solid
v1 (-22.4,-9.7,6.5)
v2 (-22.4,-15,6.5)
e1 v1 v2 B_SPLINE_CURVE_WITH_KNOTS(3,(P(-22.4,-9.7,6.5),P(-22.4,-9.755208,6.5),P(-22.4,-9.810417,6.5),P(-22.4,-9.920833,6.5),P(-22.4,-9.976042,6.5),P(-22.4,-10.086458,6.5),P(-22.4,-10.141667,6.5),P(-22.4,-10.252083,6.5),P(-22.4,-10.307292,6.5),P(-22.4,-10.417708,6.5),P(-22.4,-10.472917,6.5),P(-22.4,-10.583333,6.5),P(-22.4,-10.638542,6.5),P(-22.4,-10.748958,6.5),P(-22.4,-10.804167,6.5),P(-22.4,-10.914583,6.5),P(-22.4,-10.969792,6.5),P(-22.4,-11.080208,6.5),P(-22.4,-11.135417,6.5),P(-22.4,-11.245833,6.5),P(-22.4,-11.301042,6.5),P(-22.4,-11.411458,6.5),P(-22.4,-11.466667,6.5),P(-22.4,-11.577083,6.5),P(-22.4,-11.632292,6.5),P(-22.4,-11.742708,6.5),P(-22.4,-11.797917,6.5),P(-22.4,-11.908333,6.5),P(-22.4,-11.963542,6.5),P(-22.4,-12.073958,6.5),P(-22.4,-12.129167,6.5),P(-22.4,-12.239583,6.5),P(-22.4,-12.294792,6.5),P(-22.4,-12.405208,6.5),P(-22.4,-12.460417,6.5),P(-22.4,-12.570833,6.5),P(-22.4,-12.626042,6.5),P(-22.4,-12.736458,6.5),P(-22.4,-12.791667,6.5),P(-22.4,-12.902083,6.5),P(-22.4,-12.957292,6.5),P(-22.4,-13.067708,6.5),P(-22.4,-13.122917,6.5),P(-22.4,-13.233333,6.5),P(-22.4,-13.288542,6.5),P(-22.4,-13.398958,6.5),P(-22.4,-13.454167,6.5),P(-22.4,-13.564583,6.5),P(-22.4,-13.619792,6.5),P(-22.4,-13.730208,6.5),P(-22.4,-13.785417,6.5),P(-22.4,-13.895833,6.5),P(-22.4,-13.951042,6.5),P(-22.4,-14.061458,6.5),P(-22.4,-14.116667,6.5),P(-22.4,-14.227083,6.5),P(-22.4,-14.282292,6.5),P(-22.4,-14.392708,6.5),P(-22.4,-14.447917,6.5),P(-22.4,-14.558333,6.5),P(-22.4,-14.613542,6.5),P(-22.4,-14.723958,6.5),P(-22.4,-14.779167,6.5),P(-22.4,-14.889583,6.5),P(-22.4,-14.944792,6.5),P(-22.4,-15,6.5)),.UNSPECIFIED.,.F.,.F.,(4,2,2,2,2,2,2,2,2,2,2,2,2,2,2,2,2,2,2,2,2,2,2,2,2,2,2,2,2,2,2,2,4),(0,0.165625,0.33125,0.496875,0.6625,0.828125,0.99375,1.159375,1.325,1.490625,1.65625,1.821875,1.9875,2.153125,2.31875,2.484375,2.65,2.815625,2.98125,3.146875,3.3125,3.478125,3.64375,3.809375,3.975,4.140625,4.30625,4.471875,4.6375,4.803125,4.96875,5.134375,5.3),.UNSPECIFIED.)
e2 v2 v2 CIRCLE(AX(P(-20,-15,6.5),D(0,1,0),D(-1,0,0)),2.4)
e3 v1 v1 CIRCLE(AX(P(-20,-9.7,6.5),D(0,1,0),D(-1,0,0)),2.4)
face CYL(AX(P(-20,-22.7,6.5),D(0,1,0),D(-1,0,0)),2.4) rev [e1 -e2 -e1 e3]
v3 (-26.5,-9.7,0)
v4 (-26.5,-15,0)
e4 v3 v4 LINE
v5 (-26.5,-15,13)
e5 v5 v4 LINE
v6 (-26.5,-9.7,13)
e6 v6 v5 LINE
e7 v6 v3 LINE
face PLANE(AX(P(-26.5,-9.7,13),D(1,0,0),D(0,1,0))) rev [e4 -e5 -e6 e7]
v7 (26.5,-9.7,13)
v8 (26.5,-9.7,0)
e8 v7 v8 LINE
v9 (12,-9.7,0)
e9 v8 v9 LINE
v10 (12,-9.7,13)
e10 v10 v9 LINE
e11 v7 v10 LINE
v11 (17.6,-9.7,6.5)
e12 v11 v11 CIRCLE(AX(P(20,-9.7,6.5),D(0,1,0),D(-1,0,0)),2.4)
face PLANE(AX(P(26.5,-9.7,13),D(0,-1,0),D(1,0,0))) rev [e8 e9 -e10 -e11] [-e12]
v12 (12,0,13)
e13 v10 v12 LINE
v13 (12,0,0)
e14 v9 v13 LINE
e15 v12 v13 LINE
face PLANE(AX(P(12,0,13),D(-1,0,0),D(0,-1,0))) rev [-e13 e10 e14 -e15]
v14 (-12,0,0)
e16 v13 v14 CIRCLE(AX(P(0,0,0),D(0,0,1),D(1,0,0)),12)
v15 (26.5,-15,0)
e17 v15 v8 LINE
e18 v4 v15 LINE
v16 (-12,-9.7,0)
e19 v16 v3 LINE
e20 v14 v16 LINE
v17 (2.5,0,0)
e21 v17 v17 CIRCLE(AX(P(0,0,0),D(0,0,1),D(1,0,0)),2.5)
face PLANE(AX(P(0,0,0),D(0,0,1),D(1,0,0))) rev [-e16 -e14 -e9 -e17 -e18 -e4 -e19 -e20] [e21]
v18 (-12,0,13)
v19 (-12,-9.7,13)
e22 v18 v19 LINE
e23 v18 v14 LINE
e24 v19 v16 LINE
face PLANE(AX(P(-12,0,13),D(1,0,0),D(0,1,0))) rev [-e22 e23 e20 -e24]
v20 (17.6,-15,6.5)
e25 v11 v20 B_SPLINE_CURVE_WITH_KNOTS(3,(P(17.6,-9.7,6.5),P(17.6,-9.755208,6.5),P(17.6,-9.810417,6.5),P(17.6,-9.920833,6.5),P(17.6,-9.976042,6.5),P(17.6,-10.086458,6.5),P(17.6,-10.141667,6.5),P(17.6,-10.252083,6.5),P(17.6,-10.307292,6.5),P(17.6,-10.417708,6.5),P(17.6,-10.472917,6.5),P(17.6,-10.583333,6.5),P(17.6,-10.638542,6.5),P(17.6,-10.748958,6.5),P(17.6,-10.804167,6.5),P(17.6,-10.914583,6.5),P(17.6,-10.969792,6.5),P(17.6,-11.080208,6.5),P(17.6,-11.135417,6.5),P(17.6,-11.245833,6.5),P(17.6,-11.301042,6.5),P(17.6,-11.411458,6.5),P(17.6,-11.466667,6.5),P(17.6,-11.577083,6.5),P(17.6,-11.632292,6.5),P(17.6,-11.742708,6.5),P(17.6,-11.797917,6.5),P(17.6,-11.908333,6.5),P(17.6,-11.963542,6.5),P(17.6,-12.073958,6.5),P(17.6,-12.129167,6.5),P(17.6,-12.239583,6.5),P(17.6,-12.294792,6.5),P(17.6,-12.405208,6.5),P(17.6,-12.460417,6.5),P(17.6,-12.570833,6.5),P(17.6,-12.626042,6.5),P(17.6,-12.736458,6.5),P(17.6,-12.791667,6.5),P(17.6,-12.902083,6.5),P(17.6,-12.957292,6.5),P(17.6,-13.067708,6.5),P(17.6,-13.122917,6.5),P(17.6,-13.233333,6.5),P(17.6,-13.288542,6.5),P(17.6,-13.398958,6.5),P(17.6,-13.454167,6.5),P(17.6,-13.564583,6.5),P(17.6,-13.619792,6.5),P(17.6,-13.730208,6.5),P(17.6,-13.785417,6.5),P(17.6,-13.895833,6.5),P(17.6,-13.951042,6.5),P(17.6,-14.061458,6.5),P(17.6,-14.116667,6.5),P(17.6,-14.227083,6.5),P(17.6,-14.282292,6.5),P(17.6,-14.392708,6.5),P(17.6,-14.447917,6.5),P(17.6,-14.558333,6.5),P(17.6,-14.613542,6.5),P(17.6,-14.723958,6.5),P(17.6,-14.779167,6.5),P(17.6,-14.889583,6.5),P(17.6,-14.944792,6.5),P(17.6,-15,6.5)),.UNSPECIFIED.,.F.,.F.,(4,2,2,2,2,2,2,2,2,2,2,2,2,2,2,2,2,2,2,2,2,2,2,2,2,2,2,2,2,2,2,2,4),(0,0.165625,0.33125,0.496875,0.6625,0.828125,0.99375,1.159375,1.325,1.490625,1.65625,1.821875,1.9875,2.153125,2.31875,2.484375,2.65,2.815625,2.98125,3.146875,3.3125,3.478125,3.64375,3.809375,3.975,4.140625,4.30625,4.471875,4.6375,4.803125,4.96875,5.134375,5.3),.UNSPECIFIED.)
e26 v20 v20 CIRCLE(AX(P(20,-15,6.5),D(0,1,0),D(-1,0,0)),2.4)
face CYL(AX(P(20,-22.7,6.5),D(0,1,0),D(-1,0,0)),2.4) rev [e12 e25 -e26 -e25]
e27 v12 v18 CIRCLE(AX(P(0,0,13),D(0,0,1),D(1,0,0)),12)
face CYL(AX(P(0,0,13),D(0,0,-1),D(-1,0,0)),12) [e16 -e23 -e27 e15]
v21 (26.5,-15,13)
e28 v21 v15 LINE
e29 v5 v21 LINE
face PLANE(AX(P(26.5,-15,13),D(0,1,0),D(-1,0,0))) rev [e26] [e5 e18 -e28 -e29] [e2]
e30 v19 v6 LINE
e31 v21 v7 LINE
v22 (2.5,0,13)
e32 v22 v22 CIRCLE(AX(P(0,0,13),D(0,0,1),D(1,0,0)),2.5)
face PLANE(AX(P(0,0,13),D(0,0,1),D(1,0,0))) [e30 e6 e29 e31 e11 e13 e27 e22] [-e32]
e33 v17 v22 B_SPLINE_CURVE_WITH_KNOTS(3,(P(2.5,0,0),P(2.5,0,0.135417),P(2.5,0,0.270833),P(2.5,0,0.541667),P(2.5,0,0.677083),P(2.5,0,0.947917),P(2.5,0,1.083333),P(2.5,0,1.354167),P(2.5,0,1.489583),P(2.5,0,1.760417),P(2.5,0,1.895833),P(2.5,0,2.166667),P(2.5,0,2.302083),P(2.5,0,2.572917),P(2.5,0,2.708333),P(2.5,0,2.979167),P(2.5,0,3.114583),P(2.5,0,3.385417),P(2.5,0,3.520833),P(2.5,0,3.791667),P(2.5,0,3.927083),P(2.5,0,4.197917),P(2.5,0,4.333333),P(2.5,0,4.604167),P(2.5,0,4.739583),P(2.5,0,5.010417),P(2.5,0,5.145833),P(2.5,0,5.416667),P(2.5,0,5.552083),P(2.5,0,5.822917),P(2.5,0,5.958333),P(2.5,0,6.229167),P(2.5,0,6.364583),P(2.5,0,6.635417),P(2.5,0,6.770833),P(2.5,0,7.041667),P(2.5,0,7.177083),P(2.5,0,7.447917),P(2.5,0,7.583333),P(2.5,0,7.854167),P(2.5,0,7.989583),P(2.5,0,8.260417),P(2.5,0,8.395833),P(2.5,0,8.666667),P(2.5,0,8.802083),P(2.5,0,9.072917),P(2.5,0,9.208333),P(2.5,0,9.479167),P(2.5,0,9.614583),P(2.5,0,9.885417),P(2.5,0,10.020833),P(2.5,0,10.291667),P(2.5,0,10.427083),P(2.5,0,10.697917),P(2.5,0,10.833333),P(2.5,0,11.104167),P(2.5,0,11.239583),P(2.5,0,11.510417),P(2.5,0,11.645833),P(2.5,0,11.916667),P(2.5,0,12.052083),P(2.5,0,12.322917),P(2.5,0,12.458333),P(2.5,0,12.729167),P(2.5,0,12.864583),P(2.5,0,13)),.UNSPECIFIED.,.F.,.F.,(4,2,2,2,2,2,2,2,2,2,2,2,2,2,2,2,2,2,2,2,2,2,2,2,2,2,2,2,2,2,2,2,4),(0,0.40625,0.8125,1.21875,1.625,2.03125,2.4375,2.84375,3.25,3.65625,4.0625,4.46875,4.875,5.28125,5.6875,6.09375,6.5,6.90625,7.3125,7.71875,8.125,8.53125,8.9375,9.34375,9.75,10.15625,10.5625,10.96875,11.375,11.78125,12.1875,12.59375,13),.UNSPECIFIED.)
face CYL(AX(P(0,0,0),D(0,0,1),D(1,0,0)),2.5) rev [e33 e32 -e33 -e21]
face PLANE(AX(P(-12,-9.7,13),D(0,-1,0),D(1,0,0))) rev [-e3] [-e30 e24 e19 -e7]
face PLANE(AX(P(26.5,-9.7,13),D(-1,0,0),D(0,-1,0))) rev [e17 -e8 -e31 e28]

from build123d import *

# Parameters (mm, degrees)
EXTRUDE_1_DEPTH     = 13
SKETCH_2_R          = 2.5
CUT_EXTRUDE_1_DEPTH = 13
SKETCH_3_R          = 2.4
CUT_EXTRUDE_2_DEPTH = 13


with BuildPart() as part:
    # 草图1 → 凸台-拉伸1 (new body)
    with BuildSketch(Plane.XY):
        with BuildLine():
            Line((-12, -9.7), (-26.5, -9.7))
            Line((-26.5, -9.7), (-26.5, -15))
            Line((-26.5, -15), (26.5, -15))
            Line((26.5, -15), (26.5, -9.7))
            Line((26.5, -9.7), (12, -9.7))
            Line((12, -9.7), (12, 0))
            ThreePointArc((12, 0), (0, 12), (-12, 0))
            Line((-12, 0), (-12, -9.7))
        make_face()
    extrude(amount=EXTRUDE_1_DEPTH)

    # 草图2 → 切除-拉伸1 (cut)
    with BuildSketch(Plane.XY.offset(13)):
        Circle(SKETCH_2_R)
    extrude(amount=-CUT_EXTRUDE_1_DEPTH, mode=Mode.SUBTRACT)

    # 草图3 → 切除-拉伸2 (cut)
    with BuildSketch(Plane(origin=(0, -9.7, 0), x_dir=(1, 0, 0), z_dir=(0, 1, 0))):
        with Locations(Location((20, -6.5, 0), (0, 0, 180))):
            Circle(SKETCH_3_R)
        with Locations(Location((-20, -6.5, 0), (0, 0, 180))):
            Circle(SKETCH_3_R)
    extrude(amount=-CUT_EXTRUDE_2_DEPTH, mode=Mode.SUBTRACT)


solid = part.part
